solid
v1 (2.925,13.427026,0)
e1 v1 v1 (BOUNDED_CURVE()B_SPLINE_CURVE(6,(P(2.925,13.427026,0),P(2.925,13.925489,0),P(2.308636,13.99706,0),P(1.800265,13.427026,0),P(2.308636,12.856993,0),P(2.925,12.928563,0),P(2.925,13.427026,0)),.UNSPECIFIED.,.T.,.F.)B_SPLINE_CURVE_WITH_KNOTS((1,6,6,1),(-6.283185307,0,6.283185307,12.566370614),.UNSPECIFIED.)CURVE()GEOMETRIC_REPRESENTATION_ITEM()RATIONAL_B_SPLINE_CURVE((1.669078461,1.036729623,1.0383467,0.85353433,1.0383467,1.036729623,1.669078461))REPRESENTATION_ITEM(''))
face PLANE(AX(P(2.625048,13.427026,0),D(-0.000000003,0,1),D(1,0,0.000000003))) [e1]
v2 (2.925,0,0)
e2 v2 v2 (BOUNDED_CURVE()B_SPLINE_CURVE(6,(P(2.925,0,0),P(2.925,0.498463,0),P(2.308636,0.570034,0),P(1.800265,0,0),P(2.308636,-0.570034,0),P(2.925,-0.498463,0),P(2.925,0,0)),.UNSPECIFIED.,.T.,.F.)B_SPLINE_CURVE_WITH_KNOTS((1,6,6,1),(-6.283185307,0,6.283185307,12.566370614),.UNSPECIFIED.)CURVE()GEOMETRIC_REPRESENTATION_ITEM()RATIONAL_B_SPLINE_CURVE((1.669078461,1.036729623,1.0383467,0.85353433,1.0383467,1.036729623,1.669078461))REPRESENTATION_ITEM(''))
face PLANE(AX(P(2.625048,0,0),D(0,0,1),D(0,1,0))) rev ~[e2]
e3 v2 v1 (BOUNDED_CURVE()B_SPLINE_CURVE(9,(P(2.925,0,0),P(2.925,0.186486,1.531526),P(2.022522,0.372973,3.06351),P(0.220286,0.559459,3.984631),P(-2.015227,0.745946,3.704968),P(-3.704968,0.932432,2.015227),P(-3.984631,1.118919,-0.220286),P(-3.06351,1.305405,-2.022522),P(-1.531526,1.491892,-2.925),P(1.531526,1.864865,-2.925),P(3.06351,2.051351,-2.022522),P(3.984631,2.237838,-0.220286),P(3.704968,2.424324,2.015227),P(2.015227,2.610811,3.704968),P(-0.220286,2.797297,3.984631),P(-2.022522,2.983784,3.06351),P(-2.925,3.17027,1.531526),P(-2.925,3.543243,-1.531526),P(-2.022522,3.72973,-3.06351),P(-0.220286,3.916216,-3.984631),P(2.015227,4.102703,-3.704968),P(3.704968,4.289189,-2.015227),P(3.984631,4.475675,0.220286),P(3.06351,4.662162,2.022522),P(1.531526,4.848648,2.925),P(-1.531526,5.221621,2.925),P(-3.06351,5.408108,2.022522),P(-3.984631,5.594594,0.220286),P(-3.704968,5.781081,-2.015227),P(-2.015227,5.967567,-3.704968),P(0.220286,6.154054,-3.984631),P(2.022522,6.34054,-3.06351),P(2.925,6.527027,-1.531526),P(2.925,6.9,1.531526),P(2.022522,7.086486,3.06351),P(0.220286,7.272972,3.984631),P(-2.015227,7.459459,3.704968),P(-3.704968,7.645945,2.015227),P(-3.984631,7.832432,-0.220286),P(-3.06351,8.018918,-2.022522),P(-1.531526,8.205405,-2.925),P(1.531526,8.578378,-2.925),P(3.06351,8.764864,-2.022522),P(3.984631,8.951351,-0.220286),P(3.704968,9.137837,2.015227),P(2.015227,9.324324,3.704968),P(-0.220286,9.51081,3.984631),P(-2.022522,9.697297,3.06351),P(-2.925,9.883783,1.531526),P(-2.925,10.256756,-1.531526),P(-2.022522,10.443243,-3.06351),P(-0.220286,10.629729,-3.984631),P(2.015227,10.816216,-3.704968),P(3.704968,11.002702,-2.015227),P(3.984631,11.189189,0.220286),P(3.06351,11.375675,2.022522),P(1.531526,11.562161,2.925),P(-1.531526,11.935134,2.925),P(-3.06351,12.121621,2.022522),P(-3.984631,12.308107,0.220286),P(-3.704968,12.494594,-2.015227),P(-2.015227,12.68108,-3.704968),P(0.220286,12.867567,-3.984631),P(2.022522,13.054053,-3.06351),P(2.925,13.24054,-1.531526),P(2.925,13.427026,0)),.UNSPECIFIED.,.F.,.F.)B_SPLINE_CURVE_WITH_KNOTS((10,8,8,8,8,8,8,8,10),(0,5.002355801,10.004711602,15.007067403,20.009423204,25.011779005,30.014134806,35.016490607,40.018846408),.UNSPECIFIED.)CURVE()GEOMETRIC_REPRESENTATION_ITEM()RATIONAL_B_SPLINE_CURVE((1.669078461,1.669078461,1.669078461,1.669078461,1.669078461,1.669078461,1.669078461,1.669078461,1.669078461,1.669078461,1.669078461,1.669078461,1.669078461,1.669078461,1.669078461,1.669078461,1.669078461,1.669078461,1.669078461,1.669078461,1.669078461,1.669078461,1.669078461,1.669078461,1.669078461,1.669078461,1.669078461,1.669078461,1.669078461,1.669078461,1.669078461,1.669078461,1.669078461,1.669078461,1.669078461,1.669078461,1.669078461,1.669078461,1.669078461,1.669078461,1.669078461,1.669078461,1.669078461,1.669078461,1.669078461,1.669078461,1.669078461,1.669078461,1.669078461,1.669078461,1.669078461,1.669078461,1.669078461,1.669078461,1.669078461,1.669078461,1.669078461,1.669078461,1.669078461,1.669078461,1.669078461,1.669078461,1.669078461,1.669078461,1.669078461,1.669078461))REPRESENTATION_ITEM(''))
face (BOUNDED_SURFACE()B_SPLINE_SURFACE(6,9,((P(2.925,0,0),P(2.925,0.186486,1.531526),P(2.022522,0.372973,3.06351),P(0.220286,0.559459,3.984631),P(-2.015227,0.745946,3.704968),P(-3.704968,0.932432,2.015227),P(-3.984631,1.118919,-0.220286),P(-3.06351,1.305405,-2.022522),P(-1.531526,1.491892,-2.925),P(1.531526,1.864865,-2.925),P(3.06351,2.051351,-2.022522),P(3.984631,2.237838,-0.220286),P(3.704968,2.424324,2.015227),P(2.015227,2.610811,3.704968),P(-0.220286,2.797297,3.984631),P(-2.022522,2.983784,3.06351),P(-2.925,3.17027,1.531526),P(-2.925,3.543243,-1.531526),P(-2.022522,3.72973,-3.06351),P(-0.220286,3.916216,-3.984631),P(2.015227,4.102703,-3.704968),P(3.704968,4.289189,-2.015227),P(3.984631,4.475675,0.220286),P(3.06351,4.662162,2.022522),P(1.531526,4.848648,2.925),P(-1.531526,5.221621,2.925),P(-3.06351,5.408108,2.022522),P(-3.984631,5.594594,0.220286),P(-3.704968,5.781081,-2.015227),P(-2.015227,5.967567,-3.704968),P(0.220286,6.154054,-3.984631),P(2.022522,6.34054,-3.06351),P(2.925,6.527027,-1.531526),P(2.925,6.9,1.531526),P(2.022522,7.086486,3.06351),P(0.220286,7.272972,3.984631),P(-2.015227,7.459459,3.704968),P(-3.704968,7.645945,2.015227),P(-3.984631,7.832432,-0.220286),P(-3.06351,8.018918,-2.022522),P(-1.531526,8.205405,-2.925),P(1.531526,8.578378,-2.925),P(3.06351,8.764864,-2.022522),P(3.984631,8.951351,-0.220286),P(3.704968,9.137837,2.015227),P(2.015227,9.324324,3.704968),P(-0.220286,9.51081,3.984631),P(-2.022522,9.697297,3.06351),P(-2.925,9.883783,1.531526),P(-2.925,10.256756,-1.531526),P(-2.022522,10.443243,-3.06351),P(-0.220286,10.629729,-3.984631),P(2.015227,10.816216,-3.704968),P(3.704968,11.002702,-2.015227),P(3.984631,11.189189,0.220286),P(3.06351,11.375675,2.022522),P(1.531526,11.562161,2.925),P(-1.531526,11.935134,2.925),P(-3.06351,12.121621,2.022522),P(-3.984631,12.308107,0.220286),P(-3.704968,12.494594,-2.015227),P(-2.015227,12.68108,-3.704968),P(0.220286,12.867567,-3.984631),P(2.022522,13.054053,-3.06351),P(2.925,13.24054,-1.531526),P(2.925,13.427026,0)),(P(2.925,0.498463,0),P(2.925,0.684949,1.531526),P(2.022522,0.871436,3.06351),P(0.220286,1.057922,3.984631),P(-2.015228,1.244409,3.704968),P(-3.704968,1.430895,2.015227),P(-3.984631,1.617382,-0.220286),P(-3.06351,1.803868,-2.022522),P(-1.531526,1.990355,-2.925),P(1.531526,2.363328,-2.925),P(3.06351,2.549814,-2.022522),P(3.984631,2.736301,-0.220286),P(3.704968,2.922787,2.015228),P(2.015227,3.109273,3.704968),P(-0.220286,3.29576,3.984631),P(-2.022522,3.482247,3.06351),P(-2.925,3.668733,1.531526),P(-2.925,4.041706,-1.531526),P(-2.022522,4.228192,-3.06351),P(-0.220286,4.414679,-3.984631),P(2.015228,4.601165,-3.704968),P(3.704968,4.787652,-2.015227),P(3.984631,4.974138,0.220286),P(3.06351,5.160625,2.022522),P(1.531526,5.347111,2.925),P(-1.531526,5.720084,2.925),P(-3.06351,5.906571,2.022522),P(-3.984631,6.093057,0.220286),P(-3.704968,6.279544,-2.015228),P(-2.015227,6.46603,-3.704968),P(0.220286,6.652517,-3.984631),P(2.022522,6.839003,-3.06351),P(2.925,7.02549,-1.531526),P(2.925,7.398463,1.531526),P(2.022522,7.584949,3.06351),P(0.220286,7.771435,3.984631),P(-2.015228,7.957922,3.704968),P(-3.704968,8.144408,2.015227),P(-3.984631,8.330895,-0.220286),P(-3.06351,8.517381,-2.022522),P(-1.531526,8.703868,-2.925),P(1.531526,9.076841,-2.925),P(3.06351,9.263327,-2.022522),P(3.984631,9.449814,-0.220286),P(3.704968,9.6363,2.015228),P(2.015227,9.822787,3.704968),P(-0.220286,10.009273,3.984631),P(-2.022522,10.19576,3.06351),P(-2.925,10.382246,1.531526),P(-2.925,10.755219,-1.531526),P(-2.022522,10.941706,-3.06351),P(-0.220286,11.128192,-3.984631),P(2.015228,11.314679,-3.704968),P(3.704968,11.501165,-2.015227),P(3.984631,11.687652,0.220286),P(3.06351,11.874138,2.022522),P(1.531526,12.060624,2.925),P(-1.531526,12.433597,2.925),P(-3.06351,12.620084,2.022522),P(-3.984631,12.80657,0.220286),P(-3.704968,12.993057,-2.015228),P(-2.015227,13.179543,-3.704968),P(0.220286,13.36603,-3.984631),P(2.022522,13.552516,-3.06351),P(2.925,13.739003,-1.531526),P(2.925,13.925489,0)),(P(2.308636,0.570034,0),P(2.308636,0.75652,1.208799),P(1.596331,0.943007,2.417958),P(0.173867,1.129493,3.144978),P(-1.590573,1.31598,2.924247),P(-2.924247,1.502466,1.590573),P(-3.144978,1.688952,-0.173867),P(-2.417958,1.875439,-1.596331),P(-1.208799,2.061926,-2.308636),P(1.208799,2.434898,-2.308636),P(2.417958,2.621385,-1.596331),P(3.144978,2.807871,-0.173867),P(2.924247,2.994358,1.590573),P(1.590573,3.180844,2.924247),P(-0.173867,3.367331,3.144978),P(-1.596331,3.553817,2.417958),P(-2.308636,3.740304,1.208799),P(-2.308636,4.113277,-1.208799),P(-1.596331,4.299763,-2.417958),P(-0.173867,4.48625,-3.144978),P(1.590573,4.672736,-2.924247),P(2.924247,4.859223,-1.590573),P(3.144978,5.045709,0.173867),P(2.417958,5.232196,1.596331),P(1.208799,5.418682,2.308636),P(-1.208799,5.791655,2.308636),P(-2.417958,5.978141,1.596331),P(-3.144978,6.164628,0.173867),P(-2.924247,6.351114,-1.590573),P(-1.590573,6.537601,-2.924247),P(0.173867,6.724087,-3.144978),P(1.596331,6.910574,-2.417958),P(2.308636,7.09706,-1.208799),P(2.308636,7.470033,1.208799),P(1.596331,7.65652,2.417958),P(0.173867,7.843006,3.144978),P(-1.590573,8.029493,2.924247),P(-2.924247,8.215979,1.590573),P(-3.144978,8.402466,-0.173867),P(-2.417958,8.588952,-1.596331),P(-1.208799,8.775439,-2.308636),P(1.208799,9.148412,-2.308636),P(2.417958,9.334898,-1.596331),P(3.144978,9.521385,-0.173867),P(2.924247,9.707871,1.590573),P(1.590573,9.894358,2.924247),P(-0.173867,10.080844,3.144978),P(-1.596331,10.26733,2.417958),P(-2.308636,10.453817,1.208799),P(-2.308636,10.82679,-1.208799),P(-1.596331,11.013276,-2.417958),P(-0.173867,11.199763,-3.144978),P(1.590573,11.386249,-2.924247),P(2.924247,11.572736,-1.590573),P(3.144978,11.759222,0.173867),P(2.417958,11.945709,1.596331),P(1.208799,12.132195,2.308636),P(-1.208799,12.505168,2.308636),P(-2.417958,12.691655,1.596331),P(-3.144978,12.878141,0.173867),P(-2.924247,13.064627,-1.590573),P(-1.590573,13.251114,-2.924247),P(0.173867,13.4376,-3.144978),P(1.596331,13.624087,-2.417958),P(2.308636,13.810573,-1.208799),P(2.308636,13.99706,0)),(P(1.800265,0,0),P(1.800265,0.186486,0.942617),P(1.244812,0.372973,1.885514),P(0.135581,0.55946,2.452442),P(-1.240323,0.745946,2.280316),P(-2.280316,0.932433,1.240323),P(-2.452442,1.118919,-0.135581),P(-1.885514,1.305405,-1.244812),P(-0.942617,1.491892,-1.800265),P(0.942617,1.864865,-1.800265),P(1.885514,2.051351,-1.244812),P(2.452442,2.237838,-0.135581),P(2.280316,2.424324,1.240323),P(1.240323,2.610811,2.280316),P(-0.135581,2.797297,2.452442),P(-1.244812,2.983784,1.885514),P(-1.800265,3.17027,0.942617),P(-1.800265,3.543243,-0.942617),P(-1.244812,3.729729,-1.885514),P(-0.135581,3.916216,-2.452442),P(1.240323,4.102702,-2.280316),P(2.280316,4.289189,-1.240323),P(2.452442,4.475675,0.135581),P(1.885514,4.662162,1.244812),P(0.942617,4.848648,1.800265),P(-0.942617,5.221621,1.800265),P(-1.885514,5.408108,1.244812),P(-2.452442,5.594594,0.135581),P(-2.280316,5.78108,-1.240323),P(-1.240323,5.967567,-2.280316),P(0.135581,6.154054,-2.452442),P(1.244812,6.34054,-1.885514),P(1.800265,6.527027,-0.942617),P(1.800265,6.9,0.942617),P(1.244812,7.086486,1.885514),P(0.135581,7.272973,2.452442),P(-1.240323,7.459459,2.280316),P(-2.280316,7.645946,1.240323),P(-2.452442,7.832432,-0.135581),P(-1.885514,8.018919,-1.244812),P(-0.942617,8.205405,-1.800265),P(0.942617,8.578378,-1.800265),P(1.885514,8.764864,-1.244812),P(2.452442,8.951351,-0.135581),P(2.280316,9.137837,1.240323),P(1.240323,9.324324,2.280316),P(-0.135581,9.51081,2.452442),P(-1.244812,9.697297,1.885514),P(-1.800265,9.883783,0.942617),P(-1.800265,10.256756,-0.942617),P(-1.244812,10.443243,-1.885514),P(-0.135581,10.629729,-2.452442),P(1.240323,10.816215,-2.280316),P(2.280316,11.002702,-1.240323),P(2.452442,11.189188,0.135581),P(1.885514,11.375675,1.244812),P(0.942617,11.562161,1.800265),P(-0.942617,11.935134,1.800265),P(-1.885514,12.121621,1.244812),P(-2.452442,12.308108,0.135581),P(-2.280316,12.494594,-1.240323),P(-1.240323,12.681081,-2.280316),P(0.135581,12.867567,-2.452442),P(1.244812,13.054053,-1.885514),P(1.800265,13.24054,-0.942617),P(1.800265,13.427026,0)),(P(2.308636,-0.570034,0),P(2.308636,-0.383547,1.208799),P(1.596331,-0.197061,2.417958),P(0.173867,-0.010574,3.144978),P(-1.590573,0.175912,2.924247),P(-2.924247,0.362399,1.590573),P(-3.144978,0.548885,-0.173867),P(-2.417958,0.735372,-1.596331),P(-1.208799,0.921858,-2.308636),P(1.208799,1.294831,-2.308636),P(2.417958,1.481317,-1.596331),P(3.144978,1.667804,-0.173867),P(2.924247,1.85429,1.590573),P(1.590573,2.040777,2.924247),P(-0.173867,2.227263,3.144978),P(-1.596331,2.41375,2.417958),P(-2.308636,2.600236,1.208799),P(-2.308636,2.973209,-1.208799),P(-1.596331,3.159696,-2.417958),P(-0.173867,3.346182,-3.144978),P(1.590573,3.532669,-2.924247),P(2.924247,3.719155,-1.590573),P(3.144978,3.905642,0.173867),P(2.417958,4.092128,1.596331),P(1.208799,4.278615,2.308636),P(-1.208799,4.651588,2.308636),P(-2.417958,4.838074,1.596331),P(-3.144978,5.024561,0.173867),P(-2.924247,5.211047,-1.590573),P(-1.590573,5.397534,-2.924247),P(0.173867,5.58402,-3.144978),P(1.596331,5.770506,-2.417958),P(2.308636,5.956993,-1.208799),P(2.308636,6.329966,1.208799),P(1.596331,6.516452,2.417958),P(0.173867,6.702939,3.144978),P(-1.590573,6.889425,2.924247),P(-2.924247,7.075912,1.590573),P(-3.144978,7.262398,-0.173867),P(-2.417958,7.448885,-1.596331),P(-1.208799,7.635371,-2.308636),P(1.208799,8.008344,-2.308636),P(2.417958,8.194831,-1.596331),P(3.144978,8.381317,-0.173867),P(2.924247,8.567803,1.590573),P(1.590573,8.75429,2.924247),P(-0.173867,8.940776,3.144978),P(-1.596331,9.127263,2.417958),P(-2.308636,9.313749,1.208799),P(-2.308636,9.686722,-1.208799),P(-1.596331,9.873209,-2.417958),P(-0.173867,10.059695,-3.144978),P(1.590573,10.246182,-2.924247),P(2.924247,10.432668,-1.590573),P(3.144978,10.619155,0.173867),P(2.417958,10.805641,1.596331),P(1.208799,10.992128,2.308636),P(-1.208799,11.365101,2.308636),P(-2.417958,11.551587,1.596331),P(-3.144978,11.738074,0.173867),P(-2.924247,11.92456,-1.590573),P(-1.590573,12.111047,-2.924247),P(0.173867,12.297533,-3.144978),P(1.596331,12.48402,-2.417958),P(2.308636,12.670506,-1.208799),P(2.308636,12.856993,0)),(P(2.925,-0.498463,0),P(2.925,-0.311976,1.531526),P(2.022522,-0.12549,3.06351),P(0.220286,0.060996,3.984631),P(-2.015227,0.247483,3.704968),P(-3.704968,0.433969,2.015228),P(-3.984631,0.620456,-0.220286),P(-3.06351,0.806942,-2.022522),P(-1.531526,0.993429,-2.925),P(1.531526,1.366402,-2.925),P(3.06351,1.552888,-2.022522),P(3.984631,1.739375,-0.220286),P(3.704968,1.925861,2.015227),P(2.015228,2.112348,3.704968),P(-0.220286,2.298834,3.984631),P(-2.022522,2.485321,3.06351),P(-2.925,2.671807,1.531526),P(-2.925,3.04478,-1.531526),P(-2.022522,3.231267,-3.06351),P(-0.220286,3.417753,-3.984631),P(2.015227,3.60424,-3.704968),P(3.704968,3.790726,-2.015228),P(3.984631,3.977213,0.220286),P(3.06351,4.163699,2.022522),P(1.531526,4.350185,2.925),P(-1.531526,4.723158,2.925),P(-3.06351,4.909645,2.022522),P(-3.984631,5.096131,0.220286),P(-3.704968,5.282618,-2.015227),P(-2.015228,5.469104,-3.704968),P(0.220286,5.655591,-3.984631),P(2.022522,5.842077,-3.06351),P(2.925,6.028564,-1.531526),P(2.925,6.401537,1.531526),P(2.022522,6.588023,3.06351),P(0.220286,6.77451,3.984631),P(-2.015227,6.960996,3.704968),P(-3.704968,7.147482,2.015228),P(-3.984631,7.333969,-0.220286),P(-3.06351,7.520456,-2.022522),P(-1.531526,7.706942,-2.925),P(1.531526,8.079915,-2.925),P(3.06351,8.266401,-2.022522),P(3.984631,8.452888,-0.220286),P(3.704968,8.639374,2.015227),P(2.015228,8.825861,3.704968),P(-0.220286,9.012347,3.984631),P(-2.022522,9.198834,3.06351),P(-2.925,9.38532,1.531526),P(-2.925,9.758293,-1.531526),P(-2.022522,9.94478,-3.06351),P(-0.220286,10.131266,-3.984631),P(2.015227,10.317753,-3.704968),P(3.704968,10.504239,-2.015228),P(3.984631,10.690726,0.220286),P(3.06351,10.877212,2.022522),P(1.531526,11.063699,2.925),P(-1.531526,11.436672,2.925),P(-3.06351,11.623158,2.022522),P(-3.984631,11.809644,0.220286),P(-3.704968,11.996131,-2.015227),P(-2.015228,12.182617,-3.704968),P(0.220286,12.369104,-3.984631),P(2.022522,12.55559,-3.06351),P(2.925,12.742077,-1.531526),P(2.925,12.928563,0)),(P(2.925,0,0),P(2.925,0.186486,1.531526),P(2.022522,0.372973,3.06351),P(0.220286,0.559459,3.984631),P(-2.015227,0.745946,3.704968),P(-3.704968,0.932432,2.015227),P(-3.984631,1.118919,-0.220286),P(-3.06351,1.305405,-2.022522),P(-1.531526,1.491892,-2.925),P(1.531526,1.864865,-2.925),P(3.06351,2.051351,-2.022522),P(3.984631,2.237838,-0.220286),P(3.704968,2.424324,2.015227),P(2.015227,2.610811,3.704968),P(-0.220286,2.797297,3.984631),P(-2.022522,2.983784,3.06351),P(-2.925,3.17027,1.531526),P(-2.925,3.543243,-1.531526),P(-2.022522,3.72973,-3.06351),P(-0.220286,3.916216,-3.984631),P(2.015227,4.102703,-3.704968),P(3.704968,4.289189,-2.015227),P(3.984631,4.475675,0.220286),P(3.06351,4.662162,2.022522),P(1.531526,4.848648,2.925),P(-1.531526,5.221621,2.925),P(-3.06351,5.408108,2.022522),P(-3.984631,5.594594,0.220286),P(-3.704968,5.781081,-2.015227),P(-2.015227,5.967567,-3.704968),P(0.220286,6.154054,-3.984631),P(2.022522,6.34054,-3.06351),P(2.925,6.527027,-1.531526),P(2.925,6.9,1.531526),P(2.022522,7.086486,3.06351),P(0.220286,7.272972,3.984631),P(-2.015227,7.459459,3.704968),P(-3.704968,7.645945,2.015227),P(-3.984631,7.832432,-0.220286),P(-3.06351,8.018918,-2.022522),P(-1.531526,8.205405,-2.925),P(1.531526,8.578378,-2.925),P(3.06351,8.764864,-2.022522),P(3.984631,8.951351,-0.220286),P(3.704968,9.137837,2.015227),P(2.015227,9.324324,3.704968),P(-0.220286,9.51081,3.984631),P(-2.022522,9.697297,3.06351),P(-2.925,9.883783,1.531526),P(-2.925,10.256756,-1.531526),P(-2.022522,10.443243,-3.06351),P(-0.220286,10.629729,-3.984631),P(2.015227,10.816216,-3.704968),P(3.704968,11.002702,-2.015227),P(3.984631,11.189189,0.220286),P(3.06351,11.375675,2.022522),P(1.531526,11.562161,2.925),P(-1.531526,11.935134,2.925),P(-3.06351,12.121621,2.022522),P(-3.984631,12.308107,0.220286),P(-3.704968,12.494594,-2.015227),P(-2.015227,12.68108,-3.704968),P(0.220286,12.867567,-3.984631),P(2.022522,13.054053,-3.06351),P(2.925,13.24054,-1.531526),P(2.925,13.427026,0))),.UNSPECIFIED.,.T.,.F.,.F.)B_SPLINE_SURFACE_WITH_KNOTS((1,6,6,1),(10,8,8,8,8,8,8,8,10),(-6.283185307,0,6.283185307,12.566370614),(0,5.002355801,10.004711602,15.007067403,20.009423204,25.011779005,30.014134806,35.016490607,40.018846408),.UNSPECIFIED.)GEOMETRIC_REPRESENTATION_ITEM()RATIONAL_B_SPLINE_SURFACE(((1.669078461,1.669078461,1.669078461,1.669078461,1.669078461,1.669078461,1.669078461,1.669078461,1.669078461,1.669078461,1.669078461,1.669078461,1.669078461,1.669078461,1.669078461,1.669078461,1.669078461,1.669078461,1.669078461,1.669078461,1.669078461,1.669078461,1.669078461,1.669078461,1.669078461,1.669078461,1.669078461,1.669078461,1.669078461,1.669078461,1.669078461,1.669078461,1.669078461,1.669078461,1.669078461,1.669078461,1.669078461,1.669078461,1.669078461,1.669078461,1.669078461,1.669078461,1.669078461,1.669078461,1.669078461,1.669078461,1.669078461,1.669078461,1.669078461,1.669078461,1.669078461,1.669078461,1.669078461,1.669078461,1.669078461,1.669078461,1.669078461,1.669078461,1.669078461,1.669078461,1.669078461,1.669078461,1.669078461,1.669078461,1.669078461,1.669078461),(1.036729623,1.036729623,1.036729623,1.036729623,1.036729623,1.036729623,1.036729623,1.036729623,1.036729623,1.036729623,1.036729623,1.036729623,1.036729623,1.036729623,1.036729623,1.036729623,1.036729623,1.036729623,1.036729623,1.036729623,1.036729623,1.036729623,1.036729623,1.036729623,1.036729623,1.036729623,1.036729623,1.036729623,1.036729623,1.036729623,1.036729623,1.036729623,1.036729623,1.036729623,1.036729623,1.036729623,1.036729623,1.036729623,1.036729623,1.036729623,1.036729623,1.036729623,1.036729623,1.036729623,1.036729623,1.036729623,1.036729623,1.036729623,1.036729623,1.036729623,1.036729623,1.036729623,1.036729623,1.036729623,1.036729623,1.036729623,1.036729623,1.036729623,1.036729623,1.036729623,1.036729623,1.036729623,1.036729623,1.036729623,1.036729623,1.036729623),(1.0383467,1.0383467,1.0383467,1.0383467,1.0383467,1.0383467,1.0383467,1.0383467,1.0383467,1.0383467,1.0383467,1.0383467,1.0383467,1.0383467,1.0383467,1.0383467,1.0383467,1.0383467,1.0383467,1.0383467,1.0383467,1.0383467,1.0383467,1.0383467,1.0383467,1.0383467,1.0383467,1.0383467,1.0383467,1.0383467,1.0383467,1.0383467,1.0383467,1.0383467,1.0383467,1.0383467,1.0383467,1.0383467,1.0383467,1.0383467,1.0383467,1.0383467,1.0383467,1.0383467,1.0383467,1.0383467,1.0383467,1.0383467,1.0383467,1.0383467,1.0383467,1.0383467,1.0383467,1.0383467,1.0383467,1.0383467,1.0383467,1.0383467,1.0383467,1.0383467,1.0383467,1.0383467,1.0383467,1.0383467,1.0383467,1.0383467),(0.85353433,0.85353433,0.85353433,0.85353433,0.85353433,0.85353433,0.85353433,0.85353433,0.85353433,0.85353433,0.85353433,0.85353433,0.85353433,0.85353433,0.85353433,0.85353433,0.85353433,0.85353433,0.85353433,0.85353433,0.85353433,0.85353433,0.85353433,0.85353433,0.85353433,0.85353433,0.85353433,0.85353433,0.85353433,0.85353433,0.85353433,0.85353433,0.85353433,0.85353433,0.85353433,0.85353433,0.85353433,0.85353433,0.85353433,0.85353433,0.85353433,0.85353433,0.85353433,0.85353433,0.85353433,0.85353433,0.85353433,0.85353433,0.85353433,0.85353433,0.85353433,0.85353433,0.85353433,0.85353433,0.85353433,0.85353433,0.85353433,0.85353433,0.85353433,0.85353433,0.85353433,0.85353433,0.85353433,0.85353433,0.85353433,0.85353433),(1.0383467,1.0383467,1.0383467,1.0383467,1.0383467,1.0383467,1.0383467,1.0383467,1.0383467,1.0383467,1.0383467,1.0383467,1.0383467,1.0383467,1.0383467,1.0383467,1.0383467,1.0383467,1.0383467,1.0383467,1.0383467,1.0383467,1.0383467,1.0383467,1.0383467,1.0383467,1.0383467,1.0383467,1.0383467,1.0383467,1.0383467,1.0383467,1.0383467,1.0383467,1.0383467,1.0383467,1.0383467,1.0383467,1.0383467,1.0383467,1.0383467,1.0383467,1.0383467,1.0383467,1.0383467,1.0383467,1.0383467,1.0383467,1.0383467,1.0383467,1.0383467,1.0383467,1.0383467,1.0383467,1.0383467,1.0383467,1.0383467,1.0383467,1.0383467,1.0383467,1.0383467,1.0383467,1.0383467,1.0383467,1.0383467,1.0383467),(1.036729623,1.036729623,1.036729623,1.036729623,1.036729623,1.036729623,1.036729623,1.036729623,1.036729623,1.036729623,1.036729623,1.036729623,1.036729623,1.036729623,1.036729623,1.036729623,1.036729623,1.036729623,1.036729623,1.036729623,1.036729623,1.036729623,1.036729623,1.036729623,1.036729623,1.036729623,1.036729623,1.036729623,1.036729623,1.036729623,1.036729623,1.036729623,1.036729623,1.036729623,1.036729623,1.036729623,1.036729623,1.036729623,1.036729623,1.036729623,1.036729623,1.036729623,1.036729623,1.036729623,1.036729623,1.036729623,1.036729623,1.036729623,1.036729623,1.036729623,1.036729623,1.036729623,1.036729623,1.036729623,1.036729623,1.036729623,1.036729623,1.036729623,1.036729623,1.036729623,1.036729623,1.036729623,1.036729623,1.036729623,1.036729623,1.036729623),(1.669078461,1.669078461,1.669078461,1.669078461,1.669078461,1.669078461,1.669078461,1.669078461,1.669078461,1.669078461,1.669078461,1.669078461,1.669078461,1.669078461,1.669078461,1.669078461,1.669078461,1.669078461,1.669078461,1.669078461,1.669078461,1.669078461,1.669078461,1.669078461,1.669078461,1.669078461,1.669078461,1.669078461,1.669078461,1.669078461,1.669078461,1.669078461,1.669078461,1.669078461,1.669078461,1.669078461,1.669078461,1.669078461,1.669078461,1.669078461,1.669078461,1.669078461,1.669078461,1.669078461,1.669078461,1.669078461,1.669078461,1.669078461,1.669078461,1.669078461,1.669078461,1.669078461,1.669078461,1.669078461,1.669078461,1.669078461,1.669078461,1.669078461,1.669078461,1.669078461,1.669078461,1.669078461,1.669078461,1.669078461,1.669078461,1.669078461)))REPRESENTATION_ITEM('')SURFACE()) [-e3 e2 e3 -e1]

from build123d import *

# Parameters (mm, degrees)
SWEEP1_PITCH       = 2.237837708
SWEEP1_HEIGHT      = 13.427026249
SWEEP1_RADIUS      = 2.625
SWEEP1_START_ANGLE = 90
SKETCH4_R          = 0.3


with BuildPart() as part:
    # Sweep1: sweep along a helix
    with BuildLine() as sweep1_path:
        add(Helix(SWEEP1_PITCH, SWEEP1_HEIGHT, SWEEP1_RADIUS, center=(0, 0, 0), direction=(0, 1, 0), lefthand=True, mode=Mode.PRIVATE).rotate(Axis((0, 0, 0), (0, 1, 0)), SWEEP1_START_ANGLE))
    # Sketch4 → Sweep1 (sweep)
    with BuildSketch(Plane.XY):
        with Locations((2.625, 0)):
            Circle(SKETCH4_R)
    sweep(path=sweep1_path.line, is_frenet=True)


solid = part.part
